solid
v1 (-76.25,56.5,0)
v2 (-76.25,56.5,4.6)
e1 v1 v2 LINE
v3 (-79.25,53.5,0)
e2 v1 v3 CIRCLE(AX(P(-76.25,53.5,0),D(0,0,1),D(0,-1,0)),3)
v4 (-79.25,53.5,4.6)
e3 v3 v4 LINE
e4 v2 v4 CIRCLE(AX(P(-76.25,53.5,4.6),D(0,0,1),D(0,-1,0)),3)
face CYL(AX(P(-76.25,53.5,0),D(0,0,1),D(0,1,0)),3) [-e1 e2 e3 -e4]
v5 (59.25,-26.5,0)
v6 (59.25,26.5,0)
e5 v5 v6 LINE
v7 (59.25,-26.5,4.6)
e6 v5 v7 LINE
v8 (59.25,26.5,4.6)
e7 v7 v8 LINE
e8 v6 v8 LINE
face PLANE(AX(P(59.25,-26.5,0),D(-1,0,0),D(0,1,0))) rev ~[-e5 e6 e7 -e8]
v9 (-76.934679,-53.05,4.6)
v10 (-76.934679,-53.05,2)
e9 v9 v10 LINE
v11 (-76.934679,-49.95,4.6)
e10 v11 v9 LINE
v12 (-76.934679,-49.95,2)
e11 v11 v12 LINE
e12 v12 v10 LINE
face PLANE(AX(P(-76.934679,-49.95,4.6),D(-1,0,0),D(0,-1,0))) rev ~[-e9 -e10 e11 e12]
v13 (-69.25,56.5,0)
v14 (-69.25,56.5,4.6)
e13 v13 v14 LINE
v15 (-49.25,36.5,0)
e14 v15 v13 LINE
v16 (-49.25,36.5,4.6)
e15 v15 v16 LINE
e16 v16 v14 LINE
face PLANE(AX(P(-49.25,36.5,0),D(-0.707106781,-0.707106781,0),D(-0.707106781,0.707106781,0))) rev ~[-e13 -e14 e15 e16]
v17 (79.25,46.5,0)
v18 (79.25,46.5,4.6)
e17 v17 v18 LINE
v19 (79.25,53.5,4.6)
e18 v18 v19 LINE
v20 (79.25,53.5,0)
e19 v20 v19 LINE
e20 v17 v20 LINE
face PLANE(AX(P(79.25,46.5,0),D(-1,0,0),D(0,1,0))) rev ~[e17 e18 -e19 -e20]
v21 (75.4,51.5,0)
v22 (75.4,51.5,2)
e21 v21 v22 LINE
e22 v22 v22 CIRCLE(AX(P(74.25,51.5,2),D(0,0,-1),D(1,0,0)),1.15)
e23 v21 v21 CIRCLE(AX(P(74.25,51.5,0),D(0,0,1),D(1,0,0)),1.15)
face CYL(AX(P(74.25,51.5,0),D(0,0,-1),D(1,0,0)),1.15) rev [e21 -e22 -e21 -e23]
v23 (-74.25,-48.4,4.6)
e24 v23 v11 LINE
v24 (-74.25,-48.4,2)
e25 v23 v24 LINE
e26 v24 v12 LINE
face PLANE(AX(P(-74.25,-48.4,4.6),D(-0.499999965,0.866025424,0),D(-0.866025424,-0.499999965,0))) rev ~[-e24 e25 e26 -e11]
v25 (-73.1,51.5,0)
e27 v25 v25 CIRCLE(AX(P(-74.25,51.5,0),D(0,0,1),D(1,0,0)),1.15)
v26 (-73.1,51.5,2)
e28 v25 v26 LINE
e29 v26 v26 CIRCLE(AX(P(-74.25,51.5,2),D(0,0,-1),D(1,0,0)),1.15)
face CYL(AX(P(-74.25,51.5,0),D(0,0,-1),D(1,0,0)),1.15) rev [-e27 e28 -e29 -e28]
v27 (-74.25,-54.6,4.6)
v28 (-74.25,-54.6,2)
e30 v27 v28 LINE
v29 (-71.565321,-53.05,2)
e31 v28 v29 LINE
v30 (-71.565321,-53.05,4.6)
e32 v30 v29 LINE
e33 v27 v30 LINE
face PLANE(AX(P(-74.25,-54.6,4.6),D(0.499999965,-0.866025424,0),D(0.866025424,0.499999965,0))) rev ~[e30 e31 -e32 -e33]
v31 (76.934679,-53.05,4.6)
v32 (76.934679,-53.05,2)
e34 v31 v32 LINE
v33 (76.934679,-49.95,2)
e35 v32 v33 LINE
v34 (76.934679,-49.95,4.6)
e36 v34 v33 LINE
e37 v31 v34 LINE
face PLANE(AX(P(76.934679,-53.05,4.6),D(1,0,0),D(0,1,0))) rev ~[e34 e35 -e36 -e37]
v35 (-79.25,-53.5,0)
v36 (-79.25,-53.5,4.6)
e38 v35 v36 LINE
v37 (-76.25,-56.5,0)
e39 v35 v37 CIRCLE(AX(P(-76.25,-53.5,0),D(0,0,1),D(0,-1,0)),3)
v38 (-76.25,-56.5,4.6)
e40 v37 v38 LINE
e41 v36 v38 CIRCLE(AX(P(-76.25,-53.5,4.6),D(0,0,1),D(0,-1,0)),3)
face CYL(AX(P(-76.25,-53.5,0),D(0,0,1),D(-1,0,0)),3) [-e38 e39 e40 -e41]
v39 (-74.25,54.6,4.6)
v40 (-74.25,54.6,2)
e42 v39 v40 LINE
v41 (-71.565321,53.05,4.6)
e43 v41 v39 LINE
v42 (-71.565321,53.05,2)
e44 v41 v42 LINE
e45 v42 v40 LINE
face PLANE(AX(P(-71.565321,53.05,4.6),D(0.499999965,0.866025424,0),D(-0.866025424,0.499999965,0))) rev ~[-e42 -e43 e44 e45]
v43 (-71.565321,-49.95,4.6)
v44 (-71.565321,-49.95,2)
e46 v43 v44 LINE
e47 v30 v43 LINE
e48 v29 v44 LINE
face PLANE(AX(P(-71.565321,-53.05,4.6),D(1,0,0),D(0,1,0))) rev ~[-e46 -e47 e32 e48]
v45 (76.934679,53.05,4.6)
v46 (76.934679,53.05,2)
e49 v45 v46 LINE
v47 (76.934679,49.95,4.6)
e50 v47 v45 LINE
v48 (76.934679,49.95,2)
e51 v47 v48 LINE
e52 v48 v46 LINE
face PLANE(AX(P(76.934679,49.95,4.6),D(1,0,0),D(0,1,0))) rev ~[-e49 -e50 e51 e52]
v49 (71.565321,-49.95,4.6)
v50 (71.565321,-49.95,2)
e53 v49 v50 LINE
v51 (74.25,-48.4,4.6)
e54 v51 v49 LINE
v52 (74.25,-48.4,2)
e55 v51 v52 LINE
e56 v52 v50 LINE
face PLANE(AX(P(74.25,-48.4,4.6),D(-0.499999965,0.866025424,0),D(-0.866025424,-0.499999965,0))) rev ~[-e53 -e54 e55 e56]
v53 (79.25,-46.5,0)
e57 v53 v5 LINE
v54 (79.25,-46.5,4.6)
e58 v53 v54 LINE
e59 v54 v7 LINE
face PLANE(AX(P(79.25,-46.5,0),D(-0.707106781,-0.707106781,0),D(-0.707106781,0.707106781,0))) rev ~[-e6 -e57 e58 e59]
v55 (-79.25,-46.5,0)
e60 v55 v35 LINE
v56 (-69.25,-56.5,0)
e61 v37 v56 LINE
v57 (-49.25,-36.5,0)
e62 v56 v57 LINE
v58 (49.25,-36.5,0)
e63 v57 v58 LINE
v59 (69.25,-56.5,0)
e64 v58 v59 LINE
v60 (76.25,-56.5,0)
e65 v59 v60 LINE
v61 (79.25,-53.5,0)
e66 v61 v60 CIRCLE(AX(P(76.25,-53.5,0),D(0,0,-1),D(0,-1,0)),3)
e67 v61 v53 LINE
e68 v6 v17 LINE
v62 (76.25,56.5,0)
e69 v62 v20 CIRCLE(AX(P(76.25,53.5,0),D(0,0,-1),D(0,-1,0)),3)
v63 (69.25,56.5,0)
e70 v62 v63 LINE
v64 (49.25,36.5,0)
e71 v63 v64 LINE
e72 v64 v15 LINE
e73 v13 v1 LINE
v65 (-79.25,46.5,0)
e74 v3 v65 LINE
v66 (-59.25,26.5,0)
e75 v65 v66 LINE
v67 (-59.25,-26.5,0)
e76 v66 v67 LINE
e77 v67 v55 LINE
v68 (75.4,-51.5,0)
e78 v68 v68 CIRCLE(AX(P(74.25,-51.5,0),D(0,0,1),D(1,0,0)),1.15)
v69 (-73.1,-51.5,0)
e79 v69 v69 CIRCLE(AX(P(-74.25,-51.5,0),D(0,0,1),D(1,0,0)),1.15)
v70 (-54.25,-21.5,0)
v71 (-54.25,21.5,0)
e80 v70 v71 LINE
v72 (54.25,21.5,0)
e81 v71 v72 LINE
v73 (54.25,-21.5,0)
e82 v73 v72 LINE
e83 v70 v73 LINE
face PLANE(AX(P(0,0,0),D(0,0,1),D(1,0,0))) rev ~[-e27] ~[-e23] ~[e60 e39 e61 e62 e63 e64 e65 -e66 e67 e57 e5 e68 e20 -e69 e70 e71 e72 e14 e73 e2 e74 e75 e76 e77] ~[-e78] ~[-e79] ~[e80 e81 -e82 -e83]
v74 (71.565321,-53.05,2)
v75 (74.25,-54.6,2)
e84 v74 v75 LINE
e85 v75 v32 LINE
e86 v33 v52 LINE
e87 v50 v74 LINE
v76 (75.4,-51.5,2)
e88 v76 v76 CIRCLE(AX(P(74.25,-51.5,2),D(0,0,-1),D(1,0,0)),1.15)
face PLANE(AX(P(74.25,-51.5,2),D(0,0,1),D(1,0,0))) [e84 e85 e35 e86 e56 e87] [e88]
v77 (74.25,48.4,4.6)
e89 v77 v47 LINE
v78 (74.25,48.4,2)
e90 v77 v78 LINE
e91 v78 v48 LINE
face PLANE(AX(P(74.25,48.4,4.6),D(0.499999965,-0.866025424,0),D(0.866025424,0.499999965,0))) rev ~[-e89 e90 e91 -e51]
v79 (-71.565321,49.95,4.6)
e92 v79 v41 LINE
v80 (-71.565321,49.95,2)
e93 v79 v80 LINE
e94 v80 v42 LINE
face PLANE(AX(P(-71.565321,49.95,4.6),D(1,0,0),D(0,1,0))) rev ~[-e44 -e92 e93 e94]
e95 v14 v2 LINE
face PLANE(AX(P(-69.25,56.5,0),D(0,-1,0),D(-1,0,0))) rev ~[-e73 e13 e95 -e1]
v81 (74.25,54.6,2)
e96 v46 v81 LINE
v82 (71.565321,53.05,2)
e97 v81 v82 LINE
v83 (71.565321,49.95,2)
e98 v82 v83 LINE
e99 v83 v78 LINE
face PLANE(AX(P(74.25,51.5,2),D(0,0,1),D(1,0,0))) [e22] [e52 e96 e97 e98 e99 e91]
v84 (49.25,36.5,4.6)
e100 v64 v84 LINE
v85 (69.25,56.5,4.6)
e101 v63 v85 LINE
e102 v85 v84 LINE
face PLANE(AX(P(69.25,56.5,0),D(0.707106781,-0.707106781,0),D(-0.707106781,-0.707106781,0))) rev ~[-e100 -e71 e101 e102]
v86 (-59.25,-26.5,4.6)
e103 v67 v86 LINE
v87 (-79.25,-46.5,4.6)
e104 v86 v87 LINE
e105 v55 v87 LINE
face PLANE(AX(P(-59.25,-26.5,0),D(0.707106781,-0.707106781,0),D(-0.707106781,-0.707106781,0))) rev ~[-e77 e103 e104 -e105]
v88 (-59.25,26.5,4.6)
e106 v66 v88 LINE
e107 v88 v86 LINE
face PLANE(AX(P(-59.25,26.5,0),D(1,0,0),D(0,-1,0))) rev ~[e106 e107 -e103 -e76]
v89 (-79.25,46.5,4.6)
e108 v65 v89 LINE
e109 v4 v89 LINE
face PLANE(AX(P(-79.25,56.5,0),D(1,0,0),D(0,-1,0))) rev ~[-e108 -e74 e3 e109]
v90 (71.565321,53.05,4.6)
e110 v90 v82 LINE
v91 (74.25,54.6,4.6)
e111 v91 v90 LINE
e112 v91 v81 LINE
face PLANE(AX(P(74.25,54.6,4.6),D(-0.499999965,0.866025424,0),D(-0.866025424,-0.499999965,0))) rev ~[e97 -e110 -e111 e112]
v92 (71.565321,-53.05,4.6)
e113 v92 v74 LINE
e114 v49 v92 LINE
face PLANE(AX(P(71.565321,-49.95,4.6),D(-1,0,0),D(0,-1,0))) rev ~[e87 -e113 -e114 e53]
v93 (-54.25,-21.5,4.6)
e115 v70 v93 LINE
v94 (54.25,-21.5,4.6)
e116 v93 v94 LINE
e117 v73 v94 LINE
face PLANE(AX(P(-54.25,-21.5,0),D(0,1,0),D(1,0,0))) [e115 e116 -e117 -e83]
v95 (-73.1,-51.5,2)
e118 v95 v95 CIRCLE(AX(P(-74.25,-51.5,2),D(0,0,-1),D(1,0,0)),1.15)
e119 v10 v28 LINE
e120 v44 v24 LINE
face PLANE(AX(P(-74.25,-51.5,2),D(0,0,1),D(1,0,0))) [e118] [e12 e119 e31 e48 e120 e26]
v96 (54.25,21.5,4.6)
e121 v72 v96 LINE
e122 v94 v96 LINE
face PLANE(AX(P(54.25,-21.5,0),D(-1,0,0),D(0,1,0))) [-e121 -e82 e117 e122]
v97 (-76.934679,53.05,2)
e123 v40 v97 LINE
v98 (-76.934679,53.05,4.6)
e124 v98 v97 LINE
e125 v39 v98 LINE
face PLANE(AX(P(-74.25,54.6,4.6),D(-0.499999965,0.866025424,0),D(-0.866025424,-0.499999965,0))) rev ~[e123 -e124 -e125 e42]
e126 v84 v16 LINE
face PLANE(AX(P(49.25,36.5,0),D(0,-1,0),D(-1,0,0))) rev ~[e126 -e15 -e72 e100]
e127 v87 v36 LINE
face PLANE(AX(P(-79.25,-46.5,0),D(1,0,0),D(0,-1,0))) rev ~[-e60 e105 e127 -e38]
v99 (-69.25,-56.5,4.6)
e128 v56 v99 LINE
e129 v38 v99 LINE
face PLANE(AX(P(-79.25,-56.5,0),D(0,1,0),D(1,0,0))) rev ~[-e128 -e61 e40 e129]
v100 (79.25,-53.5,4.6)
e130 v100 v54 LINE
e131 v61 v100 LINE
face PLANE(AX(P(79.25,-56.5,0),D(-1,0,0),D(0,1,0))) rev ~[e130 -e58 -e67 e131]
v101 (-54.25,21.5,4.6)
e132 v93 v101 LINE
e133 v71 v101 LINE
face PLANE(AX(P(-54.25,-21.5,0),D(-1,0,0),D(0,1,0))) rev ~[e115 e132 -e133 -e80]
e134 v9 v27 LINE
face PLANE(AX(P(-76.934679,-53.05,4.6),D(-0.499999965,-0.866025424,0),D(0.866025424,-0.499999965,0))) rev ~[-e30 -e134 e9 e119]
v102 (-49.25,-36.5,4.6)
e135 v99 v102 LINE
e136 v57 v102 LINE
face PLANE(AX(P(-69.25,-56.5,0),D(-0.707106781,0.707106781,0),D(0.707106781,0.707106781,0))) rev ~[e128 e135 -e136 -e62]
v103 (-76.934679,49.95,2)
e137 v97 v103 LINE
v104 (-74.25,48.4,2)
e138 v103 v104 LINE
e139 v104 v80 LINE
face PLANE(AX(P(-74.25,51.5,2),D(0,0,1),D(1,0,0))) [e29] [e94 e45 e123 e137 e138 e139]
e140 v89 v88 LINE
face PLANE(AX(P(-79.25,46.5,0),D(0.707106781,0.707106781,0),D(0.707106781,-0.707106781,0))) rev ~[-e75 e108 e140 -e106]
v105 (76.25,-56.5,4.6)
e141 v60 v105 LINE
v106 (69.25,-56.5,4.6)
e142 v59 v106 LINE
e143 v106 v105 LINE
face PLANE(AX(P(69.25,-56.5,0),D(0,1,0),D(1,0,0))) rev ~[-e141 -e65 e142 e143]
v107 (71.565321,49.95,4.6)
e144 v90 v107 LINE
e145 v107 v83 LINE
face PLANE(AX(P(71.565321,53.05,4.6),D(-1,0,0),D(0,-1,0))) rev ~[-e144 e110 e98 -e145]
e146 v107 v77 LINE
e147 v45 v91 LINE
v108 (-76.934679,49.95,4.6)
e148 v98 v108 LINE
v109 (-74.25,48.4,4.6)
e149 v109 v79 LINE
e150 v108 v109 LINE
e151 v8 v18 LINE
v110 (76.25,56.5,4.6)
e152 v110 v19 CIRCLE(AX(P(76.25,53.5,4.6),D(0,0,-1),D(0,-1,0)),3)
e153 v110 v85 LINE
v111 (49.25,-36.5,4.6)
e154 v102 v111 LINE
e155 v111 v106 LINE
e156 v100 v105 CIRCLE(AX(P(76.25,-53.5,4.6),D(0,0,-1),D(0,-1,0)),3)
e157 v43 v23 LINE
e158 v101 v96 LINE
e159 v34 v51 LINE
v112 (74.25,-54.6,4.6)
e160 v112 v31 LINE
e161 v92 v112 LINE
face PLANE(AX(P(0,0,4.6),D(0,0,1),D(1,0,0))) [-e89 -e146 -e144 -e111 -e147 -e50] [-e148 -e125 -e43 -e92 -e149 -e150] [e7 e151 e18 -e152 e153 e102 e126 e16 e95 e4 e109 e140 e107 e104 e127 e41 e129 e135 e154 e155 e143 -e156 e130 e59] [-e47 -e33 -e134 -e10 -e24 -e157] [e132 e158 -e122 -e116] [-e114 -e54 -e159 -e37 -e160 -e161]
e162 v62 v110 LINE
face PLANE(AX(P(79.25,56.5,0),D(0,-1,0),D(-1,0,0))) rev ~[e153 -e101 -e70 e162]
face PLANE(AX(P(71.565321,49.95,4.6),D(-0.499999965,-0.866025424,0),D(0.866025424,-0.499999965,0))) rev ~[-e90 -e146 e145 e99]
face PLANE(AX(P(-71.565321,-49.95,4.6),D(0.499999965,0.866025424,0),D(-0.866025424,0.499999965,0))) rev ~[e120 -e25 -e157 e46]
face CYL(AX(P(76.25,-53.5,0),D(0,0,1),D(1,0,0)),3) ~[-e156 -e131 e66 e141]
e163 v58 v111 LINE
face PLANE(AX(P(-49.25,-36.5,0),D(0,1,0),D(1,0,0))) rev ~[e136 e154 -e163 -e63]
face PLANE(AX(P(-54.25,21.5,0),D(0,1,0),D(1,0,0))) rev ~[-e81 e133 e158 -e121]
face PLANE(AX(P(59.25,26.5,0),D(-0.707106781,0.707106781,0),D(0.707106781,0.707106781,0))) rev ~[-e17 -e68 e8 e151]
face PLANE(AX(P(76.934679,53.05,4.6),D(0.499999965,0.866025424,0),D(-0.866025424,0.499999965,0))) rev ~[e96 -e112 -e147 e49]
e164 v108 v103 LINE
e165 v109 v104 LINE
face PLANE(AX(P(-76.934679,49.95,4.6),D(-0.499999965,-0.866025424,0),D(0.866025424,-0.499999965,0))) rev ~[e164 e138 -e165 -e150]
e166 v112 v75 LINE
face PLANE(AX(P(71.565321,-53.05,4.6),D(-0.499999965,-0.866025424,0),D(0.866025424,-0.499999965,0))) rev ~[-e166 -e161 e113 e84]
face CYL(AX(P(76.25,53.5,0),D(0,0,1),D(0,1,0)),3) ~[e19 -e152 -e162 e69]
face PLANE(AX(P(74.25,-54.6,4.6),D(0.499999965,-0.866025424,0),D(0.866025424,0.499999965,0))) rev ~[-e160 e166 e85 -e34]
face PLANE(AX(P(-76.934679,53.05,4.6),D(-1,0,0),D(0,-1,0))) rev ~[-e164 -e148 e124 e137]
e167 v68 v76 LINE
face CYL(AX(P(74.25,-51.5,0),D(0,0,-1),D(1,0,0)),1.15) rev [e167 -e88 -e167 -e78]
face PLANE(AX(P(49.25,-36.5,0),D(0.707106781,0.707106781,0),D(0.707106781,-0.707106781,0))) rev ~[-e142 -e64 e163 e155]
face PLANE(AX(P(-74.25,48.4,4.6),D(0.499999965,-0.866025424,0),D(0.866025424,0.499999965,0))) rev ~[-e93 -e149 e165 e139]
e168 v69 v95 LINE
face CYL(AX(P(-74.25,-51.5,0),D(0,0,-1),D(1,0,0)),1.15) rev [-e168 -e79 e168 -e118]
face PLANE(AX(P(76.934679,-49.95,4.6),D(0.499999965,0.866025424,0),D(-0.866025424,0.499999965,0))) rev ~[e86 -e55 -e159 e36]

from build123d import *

# Parameters (mm, degrees)
SKETCH_R     = 1.15
SKETCH_W     = 108.5
SKETCH_H     = 43
PAD_DEPTH    = 4.6
FILLET_R     = 3
POCKET_DEPTH = 2.6


with BuildPart() as part:
    # Sketch → Pad (new body)
    with BuildSketch(Plane.XY):
        Polygon((-69.25, 56.5), (-79.25, 56.5), (-79.25, 46.5), (-59.25, 26.5), (-59.25, -26.5), (-79.25, -46.5), (-79.25, -56.5), (-69.25, -56.5), (-49.25, -36.5), (49.25, -36.5), (69.25, -56.5), (79.25, -56.5), (79.25, -46.5), (59.25, -26.5), (59.25, 26.5), (79.25, 46.5), (79.25, 56.5), (69.25, 56.5), (49.25, 36.5), (-49.25, 36.5), align=None)
        with Locations((-74.25, 51.5)):
            Circle(SKETCH_R, mode=Mode.SUBTRACT)
        with Locations((74.25, 51.5)):
            Circle(SKETCH_R, mode=Mode.SUBTRACT)
        with Locations((-74.25, -51.5)):
            Circle(SKETCH_R, mode=Mode.SUBTRACT)
        with Locations((74.25, -51.5)):
            Circle(SKETCH_R, mode=Mode.SUBTRACT)
        Rectangle(SKETCH_W, SKETCH_H, mode=Mode.SUBTRACT)
    extrude(amount=PAD_DEPTH)

    # Fillet
    fillet_edges = [part.edges().sort_by_distance(p)[0] for p in [
        (79.25, -56.5, 2.3),
        (79.25, 56.5, 2.3),
        (-79.25, 56.5, 2.3),
        (-79.25, -56.5, 2.3),
    ]]
    fillet(fillet_edges, radius=FILLET_R)

    # Sketch001 (on Face5 of Fillet) → Pocket (cut)
    with BuildSketch(Plane.XY.offset(4.6)):
        Polygon((-71.565321, 49.95), (-71.565321, 53.05), (-74.25, 54.6), (-76.934679, 53.05), (-76.934679, 49.95), (-74.25, 48.4), align=None)
        Polygon((-71.565321, -53.05), (-71.565321, -49.95), (-74.25, -48.4), (-76.934679, -49.95), (-76.934679, -53.05), (-74.25, -54.6), align=None)
        Polygon((76.934679, -53.05), (76.934679, -49.95), (74.25, -48.4), (71.565321, -49.95), (71.565321, -53.05), (74.25, -54.6), align=None)
        Polygon((76.934679, 49.95), (76.934679, 53.05), (74.25, 54.6), (71.565321, 53.05), (71.565321, 49.95), (74.25, 48.4), align=None)
    extrude(amount=-POCKET_DEPTH, mode=Mode.SUBTRACT)


solid = part.part
